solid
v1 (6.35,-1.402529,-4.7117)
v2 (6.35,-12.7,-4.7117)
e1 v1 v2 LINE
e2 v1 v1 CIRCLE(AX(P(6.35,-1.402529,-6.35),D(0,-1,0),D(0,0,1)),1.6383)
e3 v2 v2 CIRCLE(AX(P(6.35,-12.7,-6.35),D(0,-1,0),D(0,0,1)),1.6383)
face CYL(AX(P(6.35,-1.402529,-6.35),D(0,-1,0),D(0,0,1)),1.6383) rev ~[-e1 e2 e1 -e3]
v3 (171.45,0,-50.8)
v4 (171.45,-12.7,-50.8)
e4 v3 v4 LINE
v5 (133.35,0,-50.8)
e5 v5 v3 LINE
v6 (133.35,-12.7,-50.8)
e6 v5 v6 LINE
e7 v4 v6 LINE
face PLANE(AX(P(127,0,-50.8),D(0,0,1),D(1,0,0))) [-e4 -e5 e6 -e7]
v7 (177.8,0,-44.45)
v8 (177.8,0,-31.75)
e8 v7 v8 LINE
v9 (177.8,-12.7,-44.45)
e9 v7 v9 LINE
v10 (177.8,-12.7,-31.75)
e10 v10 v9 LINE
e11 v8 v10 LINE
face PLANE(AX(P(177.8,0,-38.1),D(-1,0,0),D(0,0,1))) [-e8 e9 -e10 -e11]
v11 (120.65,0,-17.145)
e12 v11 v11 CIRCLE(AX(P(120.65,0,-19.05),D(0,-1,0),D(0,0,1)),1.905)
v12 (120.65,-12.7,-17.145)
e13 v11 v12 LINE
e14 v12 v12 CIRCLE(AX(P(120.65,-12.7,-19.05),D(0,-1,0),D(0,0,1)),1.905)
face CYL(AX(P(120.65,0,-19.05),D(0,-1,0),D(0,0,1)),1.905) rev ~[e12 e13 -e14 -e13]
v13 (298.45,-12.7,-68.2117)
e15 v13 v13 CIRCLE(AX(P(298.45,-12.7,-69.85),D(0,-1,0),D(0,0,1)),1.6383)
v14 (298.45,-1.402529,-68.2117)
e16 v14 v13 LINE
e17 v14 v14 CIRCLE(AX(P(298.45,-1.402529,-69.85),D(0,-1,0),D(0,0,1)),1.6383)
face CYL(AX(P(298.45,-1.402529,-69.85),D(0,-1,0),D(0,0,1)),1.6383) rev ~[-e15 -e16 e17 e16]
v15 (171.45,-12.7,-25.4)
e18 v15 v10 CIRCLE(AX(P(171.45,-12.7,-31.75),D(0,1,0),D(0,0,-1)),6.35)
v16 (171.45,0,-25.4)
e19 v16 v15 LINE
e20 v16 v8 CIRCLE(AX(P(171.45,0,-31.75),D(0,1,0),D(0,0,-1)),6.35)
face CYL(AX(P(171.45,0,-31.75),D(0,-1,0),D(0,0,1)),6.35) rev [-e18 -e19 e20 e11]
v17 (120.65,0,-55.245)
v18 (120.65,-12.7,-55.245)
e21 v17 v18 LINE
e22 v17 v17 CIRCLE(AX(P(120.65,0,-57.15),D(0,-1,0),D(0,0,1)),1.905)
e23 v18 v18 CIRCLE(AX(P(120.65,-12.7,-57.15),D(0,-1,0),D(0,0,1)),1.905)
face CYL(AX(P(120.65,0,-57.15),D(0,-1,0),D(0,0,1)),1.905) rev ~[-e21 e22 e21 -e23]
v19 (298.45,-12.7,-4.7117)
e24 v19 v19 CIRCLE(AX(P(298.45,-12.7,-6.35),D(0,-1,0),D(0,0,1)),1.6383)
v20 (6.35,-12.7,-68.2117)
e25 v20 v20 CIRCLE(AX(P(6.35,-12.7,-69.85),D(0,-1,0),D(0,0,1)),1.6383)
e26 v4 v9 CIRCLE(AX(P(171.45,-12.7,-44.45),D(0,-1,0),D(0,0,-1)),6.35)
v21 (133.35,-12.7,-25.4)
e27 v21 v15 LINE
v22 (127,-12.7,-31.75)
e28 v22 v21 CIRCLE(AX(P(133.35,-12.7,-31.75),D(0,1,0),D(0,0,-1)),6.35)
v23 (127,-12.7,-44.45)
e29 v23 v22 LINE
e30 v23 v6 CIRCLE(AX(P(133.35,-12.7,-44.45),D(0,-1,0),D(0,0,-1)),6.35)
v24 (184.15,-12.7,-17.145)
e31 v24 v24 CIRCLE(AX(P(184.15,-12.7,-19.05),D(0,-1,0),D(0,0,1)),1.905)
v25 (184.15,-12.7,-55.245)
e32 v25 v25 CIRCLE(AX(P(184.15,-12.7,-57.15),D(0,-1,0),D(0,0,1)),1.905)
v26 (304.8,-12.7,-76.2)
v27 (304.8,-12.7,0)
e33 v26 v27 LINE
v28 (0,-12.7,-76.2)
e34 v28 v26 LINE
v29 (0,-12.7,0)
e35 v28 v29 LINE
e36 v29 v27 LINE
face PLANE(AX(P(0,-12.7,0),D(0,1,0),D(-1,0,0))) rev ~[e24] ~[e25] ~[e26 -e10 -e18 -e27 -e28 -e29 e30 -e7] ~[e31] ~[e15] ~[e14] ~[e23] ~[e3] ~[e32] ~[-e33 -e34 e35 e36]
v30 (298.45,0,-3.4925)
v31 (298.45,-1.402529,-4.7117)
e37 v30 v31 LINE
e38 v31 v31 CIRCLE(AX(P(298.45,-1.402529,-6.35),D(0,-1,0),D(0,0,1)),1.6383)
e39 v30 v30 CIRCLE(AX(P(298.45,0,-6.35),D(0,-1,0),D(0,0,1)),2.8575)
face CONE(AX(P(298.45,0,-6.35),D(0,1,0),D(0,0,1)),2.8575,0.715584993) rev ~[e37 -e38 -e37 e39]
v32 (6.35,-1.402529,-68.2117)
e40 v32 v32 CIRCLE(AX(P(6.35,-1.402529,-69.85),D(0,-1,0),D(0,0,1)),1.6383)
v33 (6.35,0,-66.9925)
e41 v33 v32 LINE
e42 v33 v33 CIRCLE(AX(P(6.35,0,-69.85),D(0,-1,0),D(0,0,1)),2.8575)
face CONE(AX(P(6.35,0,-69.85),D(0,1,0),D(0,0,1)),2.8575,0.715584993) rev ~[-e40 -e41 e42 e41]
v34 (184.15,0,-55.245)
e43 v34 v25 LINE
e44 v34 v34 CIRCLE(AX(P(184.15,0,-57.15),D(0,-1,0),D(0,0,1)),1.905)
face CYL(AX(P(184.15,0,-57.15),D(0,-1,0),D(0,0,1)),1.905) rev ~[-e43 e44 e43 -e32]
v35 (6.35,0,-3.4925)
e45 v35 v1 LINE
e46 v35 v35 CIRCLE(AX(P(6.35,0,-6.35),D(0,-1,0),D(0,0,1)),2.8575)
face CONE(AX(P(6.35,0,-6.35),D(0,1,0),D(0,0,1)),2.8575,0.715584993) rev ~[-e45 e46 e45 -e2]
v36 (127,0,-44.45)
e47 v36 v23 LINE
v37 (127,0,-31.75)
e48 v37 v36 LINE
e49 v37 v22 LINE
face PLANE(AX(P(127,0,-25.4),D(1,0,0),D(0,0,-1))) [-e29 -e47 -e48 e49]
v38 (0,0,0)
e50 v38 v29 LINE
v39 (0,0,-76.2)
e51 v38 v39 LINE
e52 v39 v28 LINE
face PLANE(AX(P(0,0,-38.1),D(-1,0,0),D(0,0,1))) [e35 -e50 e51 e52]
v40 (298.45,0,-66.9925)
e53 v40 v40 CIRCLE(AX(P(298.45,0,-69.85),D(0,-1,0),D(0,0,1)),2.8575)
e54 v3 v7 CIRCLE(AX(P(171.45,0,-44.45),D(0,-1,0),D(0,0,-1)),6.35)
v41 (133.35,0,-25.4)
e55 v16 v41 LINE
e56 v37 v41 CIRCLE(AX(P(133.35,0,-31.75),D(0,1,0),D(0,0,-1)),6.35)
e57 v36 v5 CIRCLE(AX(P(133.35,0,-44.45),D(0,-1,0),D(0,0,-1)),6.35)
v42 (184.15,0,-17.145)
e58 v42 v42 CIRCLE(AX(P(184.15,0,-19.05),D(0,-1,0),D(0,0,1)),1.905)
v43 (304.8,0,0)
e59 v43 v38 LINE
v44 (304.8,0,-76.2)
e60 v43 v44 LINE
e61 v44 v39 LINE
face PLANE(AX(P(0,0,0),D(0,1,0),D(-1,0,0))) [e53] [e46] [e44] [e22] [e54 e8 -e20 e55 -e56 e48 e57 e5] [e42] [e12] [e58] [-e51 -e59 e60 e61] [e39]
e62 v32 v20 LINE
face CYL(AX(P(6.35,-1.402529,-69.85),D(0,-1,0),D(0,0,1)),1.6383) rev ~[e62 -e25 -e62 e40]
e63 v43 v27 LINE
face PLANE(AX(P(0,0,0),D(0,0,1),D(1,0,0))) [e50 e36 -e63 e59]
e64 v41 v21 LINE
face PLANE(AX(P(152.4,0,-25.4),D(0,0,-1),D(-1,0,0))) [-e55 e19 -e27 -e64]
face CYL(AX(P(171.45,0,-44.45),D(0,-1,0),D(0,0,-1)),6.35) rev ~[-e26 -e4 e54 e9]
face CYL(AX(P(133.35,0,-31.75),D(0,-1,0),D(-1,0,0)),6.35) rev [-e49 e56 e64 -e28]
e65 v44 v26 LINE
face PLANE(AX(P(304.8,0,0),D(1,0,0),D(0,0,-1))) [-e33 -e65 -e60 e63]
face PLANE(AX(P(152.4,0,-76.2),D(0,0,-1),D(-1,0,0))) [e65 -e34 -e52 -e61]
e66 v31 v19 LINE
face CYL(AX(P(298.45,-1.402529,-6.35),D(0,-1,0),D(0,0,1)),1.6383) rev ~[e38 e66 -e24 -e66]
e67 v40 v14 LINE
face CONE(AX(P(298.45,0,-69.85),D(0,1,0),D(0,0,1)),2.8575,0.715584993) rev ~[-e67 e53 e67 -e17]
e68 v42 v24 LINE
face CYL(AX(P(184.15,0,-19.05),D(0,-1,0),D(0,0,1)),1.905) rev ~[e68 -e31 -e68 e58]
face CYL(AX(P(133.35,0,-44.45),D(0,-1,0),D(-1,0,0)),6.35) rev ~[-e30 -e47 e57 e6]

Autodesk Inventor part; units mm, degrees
ref_plane "YZ Plane" through (0, 0, 0) normal (1, 0, 0) x (0, 1, 0)
ref_plane "XZ Plane" through (0, 0, 0) normal (0, 1, 0) x (-1, 0, 0)
ref_plane "XY Plane" through (0, 0, 0) normal (0, 0, 1) x (1, 0, 0)
sketch "Sketch1" plane through (0, 0, 0) normal (0, 1, 0) x (-1, 0, 0)
  line L0 (0, 0) -> (-304.8, 0)
  line L1 (-304.8, 0) -> (-304.8, -76.2)
  line L2 (-304.8, -76.2) -> (0, -76.2)
  line L3 (0, -76.2) -> (0, 0)
  circle A0 centre (-6.35, -69.85) radius 1.3891
  circle A1 centre (-6.35, -6.35) radius 1.3891
  circle A2 centre (-298.45, -6.35) radius 1.3891
  circle A3 centre (-298.45, -69.85) radius 1.3891
  line L4 (-152.4, -76.2) -> (-152.4, 0)
  line L5 (-304.8, -38.1) -> (0, -38.1)
  line L6 (-127, -50.8) -> (-177.8, -50.8)
  line L7 (-177.8, -50.8) -> (-177.8, -25.4)
  line L8 (-177.8, -25.4) -> (-127, -25.4)
  line L9 (-127, -25.4) -> (-127, -50.8)
  line L10 (-127, -50.8) -> (-177.8, -25.4) construction
  line L11 (-177.8, -50.8) -> (-127, -25.4) construction
  line L12 (-120.65, -57.15) -> (-184.15, -57.15) construction
  line L13 (-184.15, -57.15) -> (-184.15, -19.05) construction
  line L14 (-184.15, -19.05) -> (-120.65, -19.05) construction
  line L15 (-120.65, -19.05) -> (-120.65, -57.15) construction
  circle A4 centre (-120.65, -57.15) radius 1.5875
  circle A5 centre (-184.15, -57.15) radius 1.5875
  circle A6 centre (-120.65, -19.05) radius 1.5875
  circle A7 centre (-184.15, -19.05) radius 1.5875
  point P0 (-152.4, -38.1)
  dimension "d0" = 76.2
  dimension "d1" = 304.8
  dimension "d4" = 2.7781
  dimension "d5" = 6.35
  dimension "d6" = 6.35
  dimension "d7" = 6.35
  dimension "d8" = 6.35
  dimension "d16" = 50.8
  dimension "d17" = 25.4
  dimension "d19" = 6.35
  dimension "d20" = 3.175
extrude "Extrusion1" add sketch "Sketch1" against normal blind 12.7 contours L3 L5 L9 L8 L4 L0 | L4 L8 L7 L5 L1 L0 | L3 L2 L4 L6 L9 L5 | L5 L7 L6 L4 L2 L1 | A0 | A1 | A2 | A3 | A4 | A5 | A6 | A7
hole "Hole1" at (6.35, 0, -69.85) at (298.45, 0, -69.85) at (298.45, 0, -6.35) at (6.35, 0, -6.35) direction (0, -1, 0) diameter 3.2766 end through all countersink diameter 5.715 countersink angle 82 clearance for "Flat Head Machine Screw (82)" size "#4" standard "Ansi Unified Screw Threads"
hole "Hole2" at (120.65, 0, -57.15) at (184.15, 0, -57.15) at (184.15, 0, -19.05) at (120.65, 0, -19.05) direction (0, -1, 0) diameter 3.81 end through all clearance for "Flat Head Machine Screw (82)" size "#6" standard "Ansi Unified Screw Threads"
fillet "Fillet1" radius 6.35 4 edges at (127, -6.35, -50.8) (127, -6.35, -25.4) (177.8, -6.35, -25.4) (177.8, -6.35, -50.8)
equation "\"d7\" = d5"
equation "\"d8\" = d6"
properties material "MDF Medium Density Fiberboard"
